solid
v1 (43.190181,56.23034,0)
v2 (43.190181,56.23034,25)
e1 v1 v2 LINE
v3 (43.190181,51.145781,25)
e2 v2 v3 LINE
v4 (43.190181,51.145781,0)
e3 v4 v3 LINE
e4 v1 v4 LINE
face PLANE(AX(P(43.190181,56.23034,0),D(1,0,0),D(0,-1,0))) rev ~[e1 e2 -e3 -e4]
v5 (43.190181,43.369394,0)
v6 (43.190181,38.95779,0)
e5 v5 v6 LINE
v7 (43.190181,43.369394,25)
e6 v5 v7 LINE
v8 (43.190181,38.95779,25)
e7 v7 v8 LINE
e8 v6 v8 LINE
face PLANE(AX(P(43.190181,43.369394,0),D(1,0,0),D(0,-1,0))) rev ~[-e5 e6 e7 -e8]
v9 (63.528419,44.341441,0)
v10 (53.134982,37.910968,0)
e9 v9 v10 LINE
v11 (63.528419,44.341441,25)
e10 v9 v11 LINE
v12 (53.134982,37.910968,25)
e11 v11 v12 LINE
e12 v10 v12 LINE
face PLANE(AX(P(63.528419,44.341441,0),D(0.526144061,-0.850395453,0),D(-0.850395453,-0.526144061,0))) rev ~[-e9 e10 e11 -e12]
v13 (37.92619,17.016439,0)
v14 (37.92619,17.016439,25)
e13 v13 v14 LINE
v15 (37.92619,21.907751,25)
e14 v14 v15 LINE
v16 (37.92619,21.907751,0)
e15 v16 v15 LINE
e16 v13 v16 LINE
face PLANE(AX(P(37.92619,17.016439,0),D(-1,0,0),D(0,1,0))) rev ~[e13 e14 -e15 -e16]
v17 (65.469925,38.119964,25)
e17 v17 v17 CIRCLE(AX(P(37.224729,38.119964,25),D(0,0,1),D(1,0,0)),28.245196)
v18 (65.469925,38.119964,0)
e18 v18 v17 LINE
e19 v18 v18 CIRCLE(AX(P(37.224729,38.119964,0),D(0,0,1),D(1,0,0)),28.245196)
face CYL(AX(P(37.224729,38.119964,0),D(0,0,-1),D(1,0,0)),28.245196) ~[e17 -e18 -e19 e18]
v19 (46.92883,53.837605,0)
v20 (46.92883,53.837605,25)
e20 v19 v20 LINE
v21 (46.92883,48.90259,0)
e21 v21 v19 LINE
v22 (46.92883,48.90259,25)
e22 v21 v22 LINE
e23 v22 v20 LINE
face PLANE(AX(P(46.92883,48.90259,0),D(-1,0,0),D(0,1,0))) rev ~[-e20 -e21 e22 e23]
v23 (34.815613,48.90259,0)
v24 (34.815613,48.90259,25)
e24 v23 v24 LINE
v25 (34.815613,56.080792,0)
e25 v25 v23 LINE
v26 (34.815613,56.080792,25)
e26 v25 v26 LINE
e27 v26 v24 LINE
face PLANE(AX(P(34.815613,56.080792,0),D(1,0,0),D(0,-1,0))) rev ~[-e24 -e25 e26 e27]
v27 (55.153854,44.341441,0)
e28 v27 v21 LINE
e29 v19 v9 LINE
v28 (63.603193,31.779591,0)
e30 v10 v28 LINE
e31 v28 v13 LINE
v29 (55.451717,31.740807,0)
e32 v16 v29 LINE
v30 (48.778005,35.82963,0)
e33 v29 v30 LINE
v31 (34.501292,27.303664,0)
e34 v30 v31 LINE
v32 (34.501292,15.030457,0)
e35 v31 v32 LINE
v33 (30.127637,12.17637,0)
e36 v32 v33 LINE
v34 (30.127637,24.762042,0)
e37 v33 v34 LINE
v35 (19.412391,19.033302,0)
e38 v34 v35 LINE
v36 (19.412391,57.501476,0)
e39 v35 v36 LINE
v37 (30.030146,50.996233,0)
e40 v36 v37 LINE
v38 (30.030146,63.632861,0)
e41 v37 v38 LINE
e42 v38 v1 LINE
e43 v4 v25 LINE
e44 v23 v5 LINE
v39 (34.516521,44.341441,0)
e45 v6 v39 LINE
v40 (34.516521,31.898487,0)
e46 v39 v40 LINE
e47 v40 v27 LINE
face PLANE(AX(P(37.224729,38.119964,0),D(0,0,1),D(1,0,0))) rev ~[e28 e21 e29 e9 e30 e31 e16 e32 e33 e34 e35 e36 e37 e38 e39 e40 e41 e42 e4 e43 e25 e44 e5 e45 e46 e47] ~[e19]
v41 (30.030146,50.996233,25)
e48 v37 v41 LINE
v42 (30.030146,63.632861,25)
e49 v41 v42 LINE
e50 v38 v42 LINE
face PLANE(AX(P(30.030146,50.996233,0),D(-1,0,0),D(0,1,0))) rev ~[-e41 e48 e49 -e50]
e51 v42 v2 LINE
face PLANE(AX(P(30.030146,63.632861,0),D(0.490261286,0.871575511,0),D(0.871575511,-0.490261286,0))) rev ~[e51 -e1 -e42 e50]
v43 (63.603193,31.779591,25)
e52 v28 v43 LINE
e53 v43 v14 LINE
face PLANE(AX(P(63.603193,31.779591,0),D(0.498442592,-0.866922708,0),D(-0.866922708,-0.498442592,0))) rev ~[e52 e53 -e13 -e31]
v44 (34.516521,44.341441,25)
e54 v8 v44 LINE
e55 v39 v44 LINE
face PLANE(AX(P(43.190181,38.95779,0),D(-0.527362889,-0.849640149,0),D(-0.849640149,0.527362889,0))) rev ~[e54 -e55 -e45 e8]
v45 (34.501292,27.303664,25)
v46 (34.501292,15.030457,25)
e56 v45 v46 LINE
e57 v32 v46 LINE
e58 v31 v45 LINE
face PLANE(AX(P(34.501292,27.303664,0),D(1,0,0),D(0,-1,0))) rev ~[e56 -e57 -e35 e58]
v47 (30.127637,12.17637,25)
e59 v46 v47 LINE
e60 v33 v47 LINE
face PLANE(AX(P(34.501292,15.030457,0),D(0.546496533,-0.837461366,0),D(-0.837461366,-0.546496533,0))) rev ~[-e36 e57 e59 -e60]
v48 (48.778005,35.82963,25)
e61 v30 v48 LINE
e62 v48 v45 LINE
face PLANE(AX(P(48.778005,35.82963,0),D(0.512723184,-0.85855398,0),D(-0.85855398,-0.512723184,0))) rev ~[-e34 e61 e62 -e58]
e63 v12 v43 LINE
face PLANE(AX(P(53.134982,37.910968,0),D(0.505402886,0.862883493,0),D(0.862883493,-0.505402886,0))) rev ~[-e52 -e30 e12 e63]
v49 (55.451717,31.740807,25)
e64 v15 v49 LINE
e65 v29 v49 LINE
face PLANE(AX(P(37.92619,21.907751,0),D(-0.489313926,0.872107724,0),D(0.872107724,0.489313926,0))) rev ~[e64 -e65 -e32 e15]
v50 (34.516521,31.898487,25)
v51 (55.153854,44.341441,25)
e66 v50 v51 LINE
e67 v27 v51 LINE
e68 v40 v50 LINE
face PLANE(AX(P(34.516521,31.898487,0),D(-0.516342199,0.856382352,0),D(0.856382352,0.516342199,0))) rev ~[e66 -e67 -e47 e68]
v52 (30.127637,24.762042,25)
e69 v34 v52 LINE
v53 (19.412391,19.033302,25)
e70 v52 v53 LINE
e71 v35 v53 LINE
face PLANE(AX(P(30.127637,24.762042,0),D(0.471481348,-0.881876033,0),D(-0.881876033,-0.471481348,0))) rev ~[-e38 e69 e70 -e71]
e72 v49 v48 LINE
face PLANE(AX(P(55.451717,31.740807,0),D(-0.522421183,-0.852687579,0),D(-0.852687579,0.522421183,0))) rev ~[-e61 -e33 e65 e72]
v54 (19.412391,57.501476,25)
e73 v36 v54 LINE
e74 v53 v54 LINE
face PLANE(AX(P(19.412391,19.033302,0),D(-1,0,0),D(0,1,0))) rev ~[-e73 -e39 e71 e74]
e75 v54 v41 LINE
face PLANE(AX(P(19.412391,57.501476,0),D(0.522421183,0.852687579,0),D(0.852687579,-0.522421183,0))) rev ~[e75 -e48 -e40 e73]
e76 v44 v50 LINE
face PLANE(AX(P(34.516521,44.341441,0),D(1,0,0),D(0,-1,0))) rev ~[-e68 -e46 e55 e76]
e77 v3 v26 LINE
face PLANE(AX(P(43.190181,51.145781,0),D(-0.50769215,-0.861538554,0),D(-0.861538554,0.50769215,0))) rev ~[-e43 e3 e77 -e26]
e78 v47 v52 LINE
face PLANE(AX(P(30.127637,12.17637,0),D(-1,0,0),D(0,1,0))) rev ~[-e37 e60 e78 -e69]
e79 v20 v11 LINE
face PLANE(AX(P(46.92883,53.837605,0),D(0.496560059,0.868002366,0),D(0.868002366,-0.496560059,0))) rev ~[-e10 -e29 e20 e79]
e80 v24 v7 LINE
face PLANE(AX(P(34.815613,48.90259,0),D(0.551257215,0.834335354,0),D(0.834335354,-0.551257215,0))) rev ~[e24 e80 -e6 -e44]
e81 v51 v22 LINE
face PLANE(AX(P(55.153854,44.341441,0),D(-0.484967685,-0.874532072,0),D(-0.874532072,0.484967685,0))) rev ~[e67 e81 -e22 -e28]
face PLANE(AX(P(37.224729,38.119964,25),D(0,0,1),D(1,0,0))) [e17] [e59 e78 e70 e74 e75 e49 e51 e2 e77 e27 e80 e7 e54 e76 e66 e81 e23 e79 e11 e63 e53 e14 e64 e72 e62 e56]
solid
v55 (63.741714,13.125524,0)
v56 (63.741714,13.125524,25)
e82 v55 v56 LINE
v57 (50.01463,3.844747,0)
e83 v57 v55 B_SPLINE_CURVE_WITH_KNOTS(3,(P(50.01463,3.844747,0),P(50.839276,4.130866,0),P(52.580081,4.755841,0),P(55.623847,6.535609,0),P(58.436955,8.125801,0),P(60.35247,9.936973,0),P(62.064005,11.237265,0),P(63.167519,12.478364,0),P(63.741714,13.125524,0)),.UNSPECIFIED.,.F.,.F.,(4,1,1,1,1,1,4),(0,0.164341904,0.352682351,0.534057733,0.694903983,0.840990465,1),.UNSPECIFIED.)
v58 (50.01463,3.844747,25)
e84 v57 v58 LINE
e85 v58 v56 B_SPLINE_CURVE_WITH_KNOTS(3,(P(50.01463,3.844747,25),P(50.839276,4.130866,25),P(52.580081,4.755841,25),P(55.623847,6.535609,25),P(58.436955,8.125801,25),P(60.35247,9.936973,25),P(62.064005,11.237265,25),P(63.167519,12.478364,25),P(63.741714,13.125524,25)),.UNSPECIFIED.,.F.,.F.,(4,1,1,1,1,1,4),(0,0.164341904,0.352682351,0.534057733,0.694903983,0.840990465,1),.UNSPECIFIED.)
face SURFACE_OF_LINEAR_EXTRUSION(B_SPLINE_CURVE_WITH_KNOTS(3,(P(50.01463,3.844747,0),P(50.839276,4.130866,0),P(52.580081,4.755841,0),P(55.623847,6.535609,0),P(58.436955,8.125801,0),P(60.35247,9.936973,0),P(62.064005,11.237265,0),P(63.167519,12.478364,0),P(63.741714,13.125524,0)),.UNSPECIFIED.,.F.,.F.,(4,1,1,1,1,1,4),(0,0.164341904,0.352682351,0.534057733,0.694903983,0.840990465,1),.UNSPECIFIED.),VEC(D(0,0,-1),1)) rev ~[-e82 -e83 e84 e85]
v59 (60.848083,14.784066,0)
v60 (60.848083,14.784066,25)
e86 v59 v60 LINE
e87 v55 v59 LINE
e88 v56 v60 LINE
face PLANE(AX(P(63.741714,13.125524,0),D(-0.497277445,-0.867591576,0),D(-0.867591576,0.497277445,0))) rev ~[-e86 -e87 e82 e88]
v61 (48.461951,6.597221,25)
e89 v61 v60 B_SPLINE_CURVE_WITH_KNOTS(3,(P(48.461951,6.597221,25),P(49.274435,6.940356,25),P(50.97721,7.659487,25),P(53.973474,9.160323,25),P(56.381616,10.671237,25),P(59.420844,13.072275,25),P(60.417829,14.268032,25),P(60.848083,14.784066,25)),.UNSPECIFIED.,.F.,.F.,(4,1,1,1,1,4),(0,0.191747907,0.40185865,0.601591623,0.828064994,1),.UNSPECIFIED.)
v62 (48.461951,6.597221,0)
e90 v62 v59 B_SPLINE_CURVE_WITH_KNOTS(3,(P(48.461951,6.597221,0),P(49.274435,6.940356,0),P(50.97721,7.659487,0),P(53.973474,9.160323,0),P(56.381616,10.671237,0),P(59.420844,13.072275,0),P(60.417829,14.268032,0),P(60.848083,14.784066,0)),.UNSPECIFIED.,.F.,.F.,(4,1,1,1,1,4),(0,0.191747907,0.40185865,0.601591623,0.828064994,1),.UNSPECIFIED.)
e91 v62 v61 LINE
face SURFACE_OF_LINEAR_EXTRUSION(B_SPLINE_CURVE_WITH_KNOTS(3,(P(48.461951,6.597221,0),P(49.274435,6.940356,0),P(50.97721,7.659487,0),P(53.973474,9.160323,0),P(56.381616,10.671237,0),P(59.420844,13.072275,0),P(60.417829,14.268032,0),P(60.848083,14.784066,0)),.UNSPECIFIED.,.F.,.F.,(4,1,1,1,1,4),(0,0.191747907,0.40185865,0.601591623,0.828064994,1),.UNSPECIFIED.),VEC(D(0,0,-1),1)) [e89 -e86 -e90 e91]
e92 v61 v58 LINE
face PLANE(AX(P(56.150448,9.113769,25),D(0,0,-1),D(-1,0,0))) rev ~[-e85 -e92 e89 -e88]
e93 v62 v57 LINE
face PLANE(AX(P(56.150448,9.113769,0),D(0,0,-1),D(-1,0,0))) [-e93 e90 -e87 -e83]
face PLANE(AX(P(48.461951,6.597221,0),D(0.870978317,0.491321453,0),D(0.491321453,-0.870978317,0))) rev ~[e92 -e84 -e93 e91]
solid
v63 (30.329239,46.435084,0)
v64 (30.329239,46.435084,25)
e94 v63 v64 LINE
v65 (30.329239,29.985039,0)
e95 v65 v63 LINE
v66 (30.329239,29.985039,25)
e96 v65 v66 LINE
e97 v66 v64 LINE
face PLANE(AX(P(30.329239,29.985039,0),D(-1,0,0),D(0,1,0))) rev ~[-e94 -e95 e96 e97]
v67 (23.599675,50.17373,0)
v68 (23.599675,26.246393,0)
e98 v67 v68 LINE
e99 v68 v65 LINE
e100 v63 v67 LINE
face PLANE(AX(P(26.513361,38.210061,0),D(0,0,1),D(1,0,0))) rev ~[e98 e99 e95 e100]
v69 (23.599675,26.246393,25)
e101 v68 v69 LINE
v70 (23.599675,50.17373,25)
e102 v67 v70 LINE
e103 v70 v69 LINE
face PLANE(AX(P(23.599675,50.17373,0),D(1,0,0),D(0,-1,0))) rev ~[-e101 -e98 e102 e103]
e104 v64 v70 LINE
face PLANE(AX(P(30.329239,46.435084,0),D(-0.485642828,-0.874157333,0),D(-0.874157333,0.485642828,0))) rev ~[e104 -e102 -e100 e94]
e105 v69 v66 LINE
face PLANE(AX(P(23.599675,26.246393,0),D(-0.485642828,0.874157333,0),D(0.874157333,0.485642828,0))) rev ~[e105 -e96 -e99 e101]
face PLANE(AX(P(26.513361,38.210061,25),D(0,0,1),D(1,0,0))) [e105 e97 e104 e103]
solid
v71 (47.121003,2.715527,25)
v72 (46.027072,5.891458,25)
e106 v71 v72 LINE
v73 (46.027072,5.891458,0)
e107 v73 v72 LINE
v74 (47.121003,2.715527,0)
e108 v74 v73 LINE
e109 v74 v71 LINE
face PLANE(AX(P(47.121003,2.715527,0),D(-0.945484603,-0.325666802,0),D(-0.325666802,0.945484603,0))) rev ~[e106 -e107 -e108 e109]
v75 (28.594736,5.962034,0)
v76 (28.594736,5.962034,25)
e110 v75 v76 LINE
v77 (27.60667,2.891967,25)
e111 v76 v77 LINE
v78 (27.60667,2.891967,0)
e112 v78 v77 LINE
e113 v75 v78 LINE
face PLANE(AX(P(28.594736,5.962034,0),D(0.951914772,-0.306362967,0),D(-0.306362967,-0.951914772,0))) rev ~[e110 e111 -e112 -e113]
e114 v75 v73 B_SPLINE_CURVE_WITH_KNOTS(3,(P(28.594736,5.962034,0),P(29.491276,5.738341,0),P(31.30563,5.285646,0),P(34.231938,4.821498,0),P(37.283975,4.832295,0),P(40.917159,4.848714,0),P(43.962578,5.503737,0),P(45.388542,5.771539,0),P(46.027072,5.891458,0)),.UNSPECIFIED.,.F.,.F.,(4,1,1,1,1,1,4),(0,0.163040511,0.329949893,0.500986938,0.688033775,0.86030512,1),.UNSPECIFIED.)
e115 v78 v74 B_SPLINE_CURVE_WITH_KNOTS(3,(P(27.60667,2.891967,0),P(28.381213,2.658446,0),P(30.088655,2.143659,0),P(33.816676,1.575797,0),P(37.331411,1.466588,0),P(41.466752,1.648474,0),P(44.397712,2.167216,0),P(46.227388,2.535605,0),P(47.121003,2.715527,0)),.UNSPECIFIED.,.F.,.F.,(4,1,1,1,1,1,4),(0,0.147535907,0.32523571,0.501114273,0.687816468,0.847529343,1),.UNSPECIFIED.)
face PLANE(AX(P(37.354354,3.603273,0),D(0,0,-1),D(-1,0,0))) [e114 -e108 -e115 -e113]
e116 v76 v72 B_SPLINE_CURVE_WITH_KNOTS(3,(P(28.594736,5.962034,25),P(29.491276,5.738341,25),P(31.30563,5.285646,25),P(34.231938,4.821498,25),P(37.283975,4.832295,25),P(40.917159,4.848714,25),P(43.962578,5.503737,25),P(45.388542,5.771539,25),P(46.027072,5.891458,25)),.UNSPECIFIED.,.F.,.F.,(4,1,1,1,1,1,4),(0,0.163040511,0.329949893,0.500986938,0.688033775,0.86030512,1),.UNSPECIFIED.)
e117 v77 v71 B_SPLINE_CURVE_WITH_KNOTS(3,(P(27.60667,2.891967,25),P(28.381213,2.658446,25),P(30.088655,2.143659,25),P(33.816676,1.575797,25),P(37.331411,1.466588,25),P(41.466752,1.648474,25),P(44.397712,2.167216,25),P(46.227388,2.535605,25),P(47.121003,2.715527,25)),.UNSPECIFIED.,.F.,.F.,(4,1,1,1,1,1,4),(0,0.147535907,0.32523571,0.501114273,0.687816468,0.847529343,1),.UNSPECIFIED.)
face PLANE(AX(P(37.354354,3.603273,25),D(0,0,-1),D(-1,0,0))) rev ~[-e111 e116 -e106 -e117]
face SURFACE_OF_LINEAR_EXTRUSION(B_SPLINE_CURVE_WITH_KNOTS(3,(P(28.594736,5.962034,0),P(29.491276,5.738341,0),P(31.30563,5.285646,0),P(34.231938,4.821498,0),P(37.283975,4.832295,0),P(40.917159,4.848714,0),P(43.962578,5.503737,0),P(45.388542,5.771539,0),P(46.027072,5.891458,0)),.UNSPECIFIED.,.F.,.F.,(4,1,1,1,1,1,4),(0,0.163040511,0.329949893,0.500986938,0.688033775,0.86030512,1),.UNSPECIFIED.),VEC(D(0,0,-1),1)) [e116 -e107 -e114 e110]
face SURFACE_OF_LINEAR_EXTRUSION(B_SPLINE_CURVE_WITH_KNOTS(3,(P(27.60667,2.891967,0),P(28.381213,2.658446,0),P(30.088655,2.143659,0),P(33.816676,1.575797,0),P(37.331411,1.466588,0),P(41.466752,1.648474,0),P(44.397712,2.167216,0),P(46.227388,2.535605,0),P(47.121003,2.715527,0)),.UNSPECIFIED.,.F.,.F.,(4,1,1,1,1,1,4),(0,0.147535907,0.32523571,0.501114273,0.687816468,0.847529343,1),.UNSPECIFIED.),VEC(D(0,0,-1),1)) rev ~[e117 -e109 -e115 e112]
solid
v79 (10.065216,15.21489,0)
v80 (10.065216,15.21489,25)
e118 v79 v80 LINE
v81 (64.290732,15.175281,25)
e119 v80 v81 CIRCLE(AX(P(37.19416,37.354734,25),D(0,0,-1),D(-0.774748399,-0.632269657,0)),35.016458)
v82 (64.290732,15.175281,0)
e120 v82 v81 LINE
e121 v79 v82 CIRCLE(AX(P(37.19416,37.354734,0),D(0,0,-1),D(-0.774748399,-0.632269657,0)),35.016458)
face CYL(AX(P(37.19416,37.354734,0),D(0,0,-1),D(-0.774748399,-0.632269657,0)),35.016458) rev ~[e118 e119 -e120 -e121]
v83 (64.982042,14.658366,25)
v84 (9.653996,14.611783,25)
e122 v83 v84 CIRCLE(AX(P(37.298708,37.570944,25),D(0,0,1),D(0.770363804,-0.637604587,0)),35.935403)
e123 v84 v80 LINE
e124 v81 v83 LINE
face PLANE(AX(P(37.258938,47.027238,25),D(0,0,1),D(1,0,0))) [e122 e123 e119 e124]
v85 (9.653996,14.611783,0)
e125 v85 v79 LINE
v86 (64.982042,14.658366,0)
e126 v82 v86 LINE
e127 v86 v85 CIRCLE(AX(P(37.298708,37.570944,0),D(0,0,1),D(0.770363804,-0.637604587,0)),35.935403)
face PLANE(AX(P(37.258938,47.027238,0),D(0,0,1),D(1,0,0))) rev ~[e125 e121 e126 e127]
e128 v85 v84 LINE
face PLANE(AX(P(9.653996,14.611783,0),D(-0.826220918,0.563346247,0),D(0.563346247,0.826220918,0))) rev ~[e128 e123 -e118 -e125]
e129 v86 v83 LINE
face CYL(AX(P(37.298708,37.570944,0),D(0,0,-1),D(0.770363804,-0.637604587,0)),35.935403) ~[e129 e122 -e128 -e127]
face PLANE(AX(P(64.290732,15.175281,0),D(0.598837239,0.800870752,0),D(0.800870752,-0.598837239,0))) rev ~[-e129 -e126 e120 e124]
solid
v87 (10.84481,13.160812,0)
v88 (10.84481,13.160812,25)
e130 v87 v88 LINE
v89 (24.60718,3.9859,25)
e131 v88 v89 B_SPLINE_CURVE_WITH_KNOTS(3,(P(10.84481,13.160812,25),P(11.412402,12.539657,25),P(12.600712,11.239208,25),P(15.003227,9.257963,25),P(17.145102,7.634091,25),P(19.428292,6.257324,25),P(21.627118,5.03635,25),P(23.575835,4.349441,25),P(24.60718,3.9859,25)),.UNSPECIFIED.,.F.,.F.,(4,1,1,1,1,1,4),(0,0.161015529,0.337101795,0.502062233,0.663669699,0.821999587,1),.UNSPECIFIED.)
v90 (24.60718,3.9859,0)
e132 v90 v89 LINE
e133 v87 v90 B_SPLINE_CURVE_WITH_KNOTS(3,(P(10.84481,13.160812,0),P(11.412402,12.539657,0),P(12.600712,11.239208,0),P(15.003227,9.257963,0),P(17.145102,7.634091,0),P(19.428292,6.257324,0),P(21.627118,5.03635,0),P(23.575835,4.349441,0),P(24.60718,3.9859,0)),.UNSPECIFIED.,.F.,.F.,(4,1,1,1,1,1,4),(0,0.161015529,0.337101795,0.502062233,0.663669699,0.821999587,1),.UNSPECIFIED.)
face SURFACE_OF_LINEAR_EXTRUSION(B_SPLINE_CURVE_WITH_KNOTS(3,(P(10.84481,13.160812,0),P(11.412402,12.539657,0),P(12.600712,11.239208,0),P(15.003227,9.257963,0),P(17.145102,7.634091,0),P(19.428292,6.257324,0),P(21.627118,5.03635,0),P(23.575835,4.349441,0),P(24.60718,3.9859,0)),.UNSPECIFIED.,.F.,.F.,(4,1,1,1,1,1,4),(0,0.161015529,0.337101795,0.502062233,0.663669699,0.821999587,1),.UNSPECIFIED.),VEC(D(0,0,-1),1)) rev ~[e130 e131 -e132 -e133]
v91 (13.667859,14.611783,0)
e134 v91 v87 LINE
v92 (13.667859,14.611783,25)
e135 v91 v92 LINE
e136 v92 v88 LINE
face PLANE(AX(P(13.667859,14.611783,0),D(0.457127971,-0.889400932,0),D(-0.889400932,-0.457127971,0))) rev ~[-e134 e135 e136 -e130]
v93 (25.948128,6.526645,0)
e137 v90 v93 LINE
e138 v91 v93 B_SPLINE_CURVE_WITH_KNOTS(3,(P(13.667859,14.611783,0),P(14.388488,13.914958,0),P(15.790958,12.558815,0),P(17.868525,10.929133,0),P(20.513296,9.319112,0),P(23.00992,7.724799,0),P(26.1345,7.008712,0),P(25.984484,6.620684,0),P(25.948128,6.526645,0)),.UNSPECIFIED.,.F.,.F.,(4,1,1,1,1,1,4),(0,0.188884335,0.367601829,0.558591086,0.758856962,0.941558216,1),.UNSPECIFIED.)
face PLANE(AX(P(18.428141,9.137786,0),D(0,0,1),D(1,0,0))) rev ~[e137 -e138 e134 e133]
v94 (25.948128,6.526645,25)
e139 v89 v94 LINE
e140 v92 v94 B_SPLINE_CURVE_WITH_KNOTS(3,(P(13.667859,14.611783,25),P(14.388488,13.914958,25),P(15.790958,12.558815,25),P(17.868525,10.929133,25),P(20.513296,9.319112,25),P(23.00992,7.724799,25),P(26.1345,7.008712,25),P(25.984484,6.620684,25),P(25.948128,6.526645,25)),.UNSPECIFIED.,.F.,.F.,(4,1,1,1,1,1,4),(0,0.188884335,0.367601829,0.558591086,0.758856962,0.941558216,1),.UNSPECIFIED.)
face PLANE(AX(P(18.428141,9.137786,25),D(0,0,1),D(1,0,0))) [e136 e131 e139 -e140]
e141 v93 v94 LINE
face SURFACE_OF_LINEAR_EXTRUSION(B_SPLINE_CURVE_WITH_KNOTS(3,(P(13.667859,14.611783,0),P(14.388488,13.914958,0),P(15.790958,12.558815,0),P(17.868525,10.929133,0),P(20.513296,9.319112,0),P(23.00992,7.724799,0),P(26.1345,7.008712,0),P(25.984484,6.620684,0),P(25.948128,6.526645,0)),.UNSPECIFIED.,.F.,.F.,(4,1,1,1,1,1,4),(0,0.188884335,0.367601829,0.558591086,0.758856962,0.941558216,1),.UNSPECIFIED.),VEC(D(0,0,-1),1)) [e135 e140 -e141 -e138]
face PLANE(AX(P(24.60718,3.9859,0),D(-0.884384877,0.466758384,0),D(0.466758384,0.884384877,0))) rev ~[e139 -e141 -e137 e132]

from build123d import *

# Parameters (mm, degrees)
F1_DEPTH = 25
F0_R     = 28.2451960737


with BuildPart() as f1:
    # F0 (on Top) → F1 (new body)
    with BuildSketch(Plane.XY):
        with BuildLine():
            ThreePointArc((10.0652156398, 15.2148902416), (37.2197382999, 72.371182903), (64.2907321453, 15.1752810925))
            Line((64.2907321453, 15.1752810925), (64.9820417166, 14.65836633))
            ThreePointArc((64.9820417166, 14.65836633), (37.2684516734, 73.5063348544), (9.6539957449, 14.6117825061))
            Line((9.6539957449, 14.6117825061), (10.0652156398, 15.2148902416))
        make_face()
    extrude(amount=F1_DEPTH)


with BuildPart() as f1b:
    # F0 (on Top) → F1, piece 2 (new body)
    with BuildSketch(Plane.XY):
        with BuildLine():
            Line((13.6678591371, 14.6117825061), (10.8448099345, 13.1608117372))
            add(Edge.make_bspline(
                [(10.8448099345, 13.1608117372), (11.4124021823, 12.5396567352), (12.6007121946, 11.2392078465), (15.0032267377, 9.2579629819), (17.1451019651, 7.6340912256), (19.428292046, 6.2573238199), (21.6271182234, 5.0363501979), (23.5758351515, 4.3494411924), (24.6071796864, 3.9858995005)],
                knots=[0, 0, 0, 0, 0.1610155293, 0.3371017951, 0.5020622334, 0.6636696995, 0.8219995874, 1, 1, 1, 1], degree=3))
            Line((24.6071796864, 3.9858995005), (25.9481277317, 6.5266448073))
            add(Edge.make_bspline(
                [(13.6678591371, 14.6117825061), (14.3884881574, 13.9149575941), (15.7909577994, 12.5588148949), (17.8685251625, 10.9291328523), (20.5132963021, 9.319112071), (23.0099204009, 7.7247989441), (26.1344995918, 7.0087116568), (25.9844843934, 6.6206844405), (25.9481277317, 6.5266448073)],
                knots=[0, 0, 0, 0, 0.1888843352, 0.3676018292, 0.5585910855, 0.7588569617, 0.9415582157, 1, 1, 1, 1], degree=3))
        make_face()
    extrude(amount=F1_DEPTH)


with BuildPart() as f1c:
    # F0 (on Top) → F1, piece 3 (new body)
    with BuildSketch(Plane.XY):
        with BuildLine():
            add(Edge.make_bspline(
                [(28.5947360098, 5.9620342217), (29.4912759142, 5.7383407517), (31.305630172, 5.2856456762), (34.2319380603, 4.8214984829), (37.2839752571, 4.8322950748), (40.9171585122, 4.8487140913), (43.9625783196, 5.503737358), (45.3885417751, 5.7715394441), (46.027071774, 5.8914581314)],
                knots=[0, 0, 0, 0, 0.1630405109, 0.3299498927, 0.5009869385, 0.6880337751, 0.8603051204, 1, 1, 1, 1], degree=3))
            Line((28.5947360098, 5.9620342217), (27.6066698134, 2.8919673059))
            add(Edge.make_bspline(
                [(27.6066698134, 2.8919673059), (28.3812128193, 2.6584458031), (30.0886550938, 2.1436590411), (33.8166758875, 1.5757971002), (37.3314106305, 1.4665884812), (41.4667517013, 1.6484738587), (44.397712474, 2.1672162978), (46.2273883056, 2.5356053666), (47.1210032701, 2.7155268472)],
                knots=[0, 0, 0, 0, 0.147535907, 0.3252357101, 0.5011142734, 0.6878164675, 0.8475293429, 1, 1, 1, 1], degree=3))
            Line((47.1210032701, 2.7155268472), (46.027071774, 5.8914581314))
        make_face()
    extrude(amount=F1_DEPTH)


with BuildPart() as f1d:
    # F0 (on Top) → F1, piece 4 (new body)
    with BuildSketch(Plane.XY):
        with BuildLine():
            add(Edge.make_bspline(
                [(48.4619513154, 6.5972208977), (49.2744350434, 6.9403561406), (50.977210422, 7.6594871498), (53.9734735437, 9.1603234858), (56.3816162988, 10.6712369931), (59.4208437884, 13.0722754418), (60.4178294868, 14.2680317543), (60.8480833471, 14.7840660065)],
                knots=[0, 0, 0, 0, 0.1917479065, 0.40185865, 0.6015916235, 0.8280649941, 1, 1, 1, 1], degree=3))
            Line((48.4619513154, 6.5972208977), (50.0146299601, 3.844747087))
            add(Edge.make_bspline(
                [(50.0146299601, 3.844747087), (50.8392764991, 4.1308659032), (52.5800805539, 4.7558414675), (55.6238472648, 6.5356087292), (58.4369553504, 8.1258007197), (60.3524697779, 9.9369726466), (62.0640048338, 11.2372649905), (63.1675190527, 12.4783636747), (63.7417137623, 13.1255239248)],
                knots=[0, 0, 0, 0, 0.1643419041, 0.3526823507, 0.5340577326, 0.6949039832, 0.8409904654, 1, 1, 1, 1], degree=3))
            Line((63.7417137623, 13.1255239248), (60.8480833471, 14.7840660065))
        make_face()
    extrude(amount=F1_DEPTH)


with BuildPart() as f1e:
    # F0 (on Top) → F1, piece 5 (new body)
    with BuildSketch(Plane.XY):
        Polygon((30.3292386234, 46.4350841939), (23.5996749252, 50.1737296581), (23.5996749252, 26.2463930994), (30.3292386234, 29.9850385636), align=None)
    extrude(amount=F1_DEPTH)


with BuildPart() as f1f:
    # F0 (on Top) → F1, piece 6 (new body)
    with BuildSketch(Plane.XY):
        with Locations((37.2247286141, 38.1199643016)):
            Circle(F0_R)
        Polygon((63.528418541, 44.3414412439), (53.1349815428, 37.9109680653), (63.6031925678, 31.7795909941), (37.9261896014, 17.0164387673), (37.9261896014, 21.9077505171), (55.4517167102, 31.7408069698), (48.7780049443, 35.8296297491), (34.5012918115, 27.3036640137), (34.5012918115, 15.0304567069), (30.1276370883, 12.1763702482), (30.1276370883, 24.7620418668), (19.4123908877, 19.0333016217), (19.4123908877, 57.501476258), (30.0301462412, 50.9962327778), (30.0301462412, 63.6328607798), (43.1901812553, 56.230340153), (43.1901812553, 51.1457808316), (34.8156131804, 56.0807920992), (34.8156131804, 48.9025898278), (43.1901812553, 43.3693937957), (43.1901812553, 38.9577895403), (34.5165207982, 44.3414412439), (34.5165207982, 31.8984873593), (55.1538541913, 44.3414412439), (46.9288304448, 48.9025898278), (46.9288304448, 53.8376048207), align=None, mode=Mode.SUBTRACT)
    extrude(amount=F1_DEPTH)


solid = Compound([f1.part, f1b.part, f1c.part, f1d.part, f1e.part, f1f.part])
